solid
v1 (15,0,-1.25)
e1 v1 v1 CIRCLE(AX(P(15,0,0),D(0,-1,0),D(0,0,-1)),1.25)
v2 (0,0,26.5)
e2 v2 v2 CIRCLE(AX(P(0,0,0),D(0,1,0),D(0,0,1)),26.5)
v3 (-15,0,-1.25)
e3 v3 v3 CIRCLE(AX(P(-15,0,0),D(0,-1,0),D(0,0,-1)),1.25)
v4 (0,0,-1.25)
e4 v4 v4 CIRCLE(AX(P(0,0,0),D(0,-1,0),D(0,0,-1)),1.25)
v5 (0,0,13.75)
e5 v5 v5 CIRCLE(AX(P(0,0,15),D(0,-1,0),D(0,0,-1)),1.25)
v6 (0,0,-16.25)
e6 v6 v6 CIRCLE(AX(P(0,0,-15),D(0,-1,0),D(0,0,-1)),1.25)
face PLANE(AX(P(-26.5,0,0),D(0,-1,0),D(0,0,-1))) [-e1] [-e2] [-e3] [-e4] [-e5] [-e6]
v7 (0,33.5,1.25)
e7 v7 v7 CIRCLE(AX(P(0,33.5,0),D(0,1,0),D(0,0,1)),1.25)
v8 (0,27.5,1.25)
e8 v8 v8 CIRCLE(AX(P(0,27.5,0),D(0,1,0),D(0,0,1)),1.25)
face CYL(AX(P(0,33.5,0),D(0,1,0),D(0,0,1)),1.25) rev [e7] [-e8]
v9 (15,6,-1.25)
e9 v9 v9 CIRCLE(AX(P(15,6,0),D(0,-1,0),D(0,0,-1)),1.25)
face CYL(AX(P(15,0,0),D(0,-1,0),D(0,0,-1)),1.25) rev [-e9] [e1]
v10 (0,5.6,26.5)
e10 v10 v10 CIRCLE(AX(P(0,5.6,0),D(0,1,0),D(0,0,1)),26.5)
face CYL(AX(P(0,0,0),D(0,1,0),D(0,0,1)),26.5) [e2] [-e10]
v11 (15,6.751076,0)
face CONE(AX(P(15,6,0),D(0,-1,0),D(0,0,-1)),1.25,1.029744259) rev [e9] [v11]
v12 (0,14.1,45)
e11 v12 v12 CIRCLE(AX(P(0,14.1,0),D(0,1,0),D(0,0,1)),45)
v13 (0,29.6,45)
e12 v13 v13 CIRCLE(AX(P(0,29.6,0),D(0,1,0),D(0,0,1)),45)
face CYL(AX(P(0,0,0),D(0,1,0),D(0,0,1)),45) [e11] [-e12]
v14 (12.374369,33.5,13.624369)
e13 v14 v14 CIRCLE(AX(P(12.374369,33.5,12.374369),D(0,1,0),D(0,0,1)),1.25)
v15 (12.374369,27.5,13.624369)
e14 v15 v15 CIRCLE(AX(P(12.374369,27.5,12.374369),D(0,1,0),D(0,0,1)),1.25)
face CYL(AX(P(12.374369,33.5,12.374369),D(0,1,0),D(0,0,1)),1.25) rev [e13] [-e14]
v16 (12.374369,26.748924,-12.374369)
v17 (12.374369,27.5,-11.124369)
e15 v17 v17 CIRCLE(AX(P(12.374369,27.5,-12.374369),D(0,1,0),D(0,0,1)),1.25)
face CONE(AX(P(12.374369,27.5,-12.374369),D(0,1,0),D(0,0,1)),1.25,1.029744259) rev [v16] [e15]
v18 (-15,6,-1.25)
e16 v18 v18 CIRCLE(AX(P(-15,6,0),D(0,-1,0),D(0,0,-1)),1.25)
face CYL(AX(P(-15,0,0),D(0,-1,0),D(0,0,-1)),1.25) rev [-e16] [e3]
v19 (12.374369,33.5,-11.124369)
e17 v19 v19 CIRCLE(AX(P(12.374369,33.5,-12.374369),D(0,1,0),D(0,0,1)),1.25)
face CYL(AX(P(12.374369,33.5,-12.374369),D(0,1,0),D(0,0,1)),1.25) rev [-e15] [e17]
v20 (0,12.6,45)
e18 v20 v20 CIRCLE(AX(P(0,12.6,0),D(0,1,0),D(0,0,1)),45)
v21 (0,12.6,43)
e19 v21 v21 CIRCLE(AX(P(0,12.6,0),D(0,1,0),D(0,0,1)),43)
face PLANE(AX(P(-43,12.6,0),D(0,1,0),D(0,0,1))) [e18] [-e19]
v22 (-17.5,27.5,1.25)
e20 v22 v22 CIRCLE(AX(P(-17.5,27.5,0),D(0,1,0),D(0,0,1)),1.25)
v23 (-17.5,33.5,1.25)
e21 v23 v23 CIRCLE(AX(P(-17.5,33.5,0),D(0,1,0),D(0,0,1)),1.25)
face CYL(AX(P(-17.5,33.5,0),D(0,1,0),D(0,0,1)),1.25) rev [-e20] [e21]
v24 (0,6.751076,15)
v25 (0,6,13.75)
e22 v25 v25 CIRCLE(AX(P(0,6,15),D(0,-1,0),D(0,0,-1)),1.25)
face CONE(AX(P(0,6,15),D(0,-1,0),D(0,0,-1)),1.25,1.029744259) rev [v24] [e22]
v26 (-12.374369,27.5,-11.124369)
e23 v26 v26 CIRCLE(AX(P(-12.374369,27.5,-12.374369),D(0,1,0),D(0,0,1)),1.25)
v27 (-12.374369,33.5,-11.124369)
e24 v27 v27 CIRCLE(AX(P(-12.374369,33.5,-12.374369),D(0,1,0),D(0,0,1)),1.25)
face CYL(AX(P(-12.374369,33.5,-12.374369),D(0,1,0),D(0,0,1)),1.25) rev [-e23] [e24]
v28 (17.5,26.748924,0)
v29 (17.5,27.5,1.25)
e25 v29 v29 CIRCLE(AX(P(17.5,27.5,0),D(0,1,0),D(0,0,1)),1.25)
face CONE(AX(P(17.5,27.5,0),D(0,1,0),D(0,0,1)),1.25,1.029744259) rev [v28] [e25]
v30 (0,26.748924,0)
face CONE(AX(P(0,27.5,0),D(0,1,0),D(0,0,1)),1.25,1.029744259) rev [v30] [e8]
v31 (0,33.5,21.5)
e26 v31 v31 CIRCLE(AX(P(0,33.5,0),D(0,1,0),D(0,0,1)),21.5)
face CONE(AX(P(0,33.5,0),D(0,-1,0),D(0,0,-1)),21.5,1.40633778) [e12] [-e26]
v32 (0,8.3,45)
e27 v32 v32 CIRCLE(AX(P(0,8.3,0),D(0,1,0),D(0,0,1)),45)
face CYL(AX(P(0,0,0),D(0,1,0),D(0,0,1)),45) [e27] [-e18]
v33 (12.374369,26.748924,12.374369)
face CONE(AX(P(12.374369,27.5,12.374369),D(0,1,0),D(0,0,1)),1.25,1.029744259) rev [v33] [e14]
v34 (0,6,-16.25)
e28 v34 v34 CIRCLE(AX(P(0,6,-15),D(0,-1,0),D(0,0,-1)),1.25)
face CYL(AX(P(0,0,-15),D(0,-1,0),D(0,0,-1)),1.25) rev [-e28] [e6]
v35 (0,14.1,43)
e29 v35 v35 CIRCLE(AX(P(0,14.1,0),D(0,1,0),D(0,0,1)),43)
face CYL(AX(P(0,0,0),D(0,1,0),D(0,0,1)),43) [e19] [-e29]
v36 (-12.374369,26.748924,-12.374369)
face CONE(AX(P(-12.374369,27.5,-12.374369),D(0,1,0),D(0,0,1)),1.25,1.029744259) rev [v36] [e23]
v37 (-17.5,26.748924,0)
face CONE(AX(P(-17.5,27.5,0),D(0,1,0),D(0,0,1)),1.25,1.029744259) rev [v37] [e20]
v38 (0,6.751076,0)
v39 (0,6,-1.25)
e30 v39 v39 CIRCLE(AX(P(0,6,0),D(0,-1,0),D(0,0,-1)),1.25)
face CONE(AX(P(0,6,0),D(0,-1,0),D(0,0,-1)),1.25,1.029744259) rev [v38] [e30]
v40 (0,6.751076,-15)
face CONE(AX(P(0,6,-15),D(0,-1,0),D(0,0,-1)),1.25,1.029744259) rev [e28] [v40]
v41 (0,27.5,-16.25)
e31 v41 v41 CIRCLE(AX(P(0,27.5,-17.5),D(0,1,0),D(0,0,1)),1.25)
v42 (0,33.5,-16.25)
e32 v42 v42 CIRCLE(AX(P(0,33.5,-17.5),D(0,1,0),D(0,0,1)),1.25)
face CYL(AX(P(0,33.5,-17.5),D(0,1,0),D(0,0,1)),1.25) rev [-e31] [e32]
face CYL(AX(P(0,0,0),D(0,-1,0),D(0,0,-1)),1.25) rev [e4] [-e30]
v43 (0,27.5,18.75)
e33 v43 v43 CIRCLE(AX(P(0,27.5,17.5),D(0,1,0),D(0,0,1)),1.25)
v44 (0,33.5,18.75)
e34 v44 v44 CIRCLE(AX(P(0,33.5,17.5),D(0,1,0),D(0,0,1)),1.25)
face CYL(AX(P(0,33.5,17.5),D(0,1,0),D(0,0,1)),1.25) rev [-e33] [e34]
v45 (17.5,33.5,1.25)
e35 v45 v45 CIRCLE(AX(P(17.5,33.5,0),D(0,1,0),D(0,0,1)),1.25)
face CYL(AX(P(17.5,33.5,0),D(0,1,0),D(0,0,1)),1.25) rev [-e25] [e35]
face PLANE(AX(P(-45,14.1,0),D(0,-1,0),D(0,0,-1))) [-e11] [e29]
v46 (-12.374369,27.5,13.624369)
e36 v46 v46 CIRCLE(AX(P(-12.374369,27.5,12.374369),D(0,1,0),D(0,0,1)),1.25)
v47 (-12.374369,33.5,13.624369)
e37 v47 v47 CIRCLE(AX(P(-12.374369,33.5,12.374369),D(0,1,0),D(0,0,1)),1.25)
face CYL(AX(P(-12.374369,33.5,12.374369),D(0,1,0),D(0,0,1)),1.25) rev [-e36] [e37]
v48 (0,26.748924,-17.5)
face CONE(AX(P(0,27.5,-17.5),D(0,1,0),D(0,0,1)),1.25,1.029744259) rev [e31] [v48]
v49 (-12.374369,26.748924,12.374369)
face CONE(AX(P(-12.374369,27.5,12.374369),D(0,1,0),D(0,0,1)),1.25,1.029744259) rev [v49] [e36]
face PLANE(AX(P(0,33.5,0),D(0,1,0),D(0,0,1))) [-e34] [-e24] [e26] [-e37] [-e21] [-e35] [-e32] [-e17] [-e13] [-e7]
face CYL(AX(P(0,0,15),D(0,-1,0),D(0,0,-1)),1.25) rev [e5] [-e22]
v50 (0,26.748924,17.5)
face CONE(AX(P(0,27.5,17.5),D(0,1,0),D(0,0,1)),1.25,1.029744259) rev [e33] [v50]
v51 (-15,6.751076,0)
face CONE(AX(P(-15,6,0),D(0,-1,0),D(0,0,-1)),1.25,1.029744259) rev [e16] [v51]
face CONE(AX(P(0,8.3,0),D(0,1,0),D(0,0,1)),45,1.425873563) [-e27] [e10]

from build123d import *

# Parameters (mm, degrees)
TAP_DRILL_FOR_M3X0_5_TAP1_D     = 2.5
TAP_DRILL_FOR_M3X0_5_TAP1_DEPTH = 6
TAP_DRILL_FOR_M3X0_5_TAP1_TIP   = 0.751075774
TAP_DRILL_FOR_M3X0_5_TAP2_D     = 2.5
TAP_DRILL_FOR_M3X0_5_TAP2_DEPTH = 6
TAP_DRILL_FOR_M3X0_5_TAP2_TIP   = 0.751075774


with BuildPart() as part:
    # Sketch1 → Revolve1 (revolve)
    with BuildSketch(Plane.XY):
        Polygon((0, 0), (0, 33.5), (-21.5, 33.5), (-45, 29.6), (-45, 14.1), (-43, 14.1), (-43, 12.6), (-45, 12.6), (-45, 8.3), (-26.5, 5.6), (-26.5, 0), align=None)
    revolve(axis=Axis((0, 0, 0), (0, -1, 0)))

    # Tap Drill for M3x0.5 Tap1
    with Locations(Plane(origin=(0, 33.5, 0), x_dir=(1, 0, 0), z_dir=(0, 1, 0))):
        with Locations((0, 17.5), (12.374368671, 12.374368671), (17.5, 0), (12.374368671, -12.374368671), (0, -17.5), (-12.374368671, -12.374368671), (-17.5, 0), (-12.374368671, 12.374368671), (0, 0)):
            Hole(TAP_DRILL_FOR_M3X0_5_TAP1_D / 2, depth=TAP_DRILL_FOR_M3X0_5_TAP1_DEPTH)
            with Locations((0, 0, -(TAP_DRILL_FOR_M3X0_5_TAP1_DEPTH + TAP_DRILL_FOR_M3X0_5_TAP1_TIP / 2))):  # 118° drill point
                Cone(0, TAP_DRILL_FOR_M3X0_5_TAP1_D / 2, TAP_DRILL_FOR_M3X0_5_TAP1_TIP, mode=Mode.SUBTRACT)

    # Tap Drill for M3x0.5 Tap2
    with Locations(Plane(origin=(0, 0, 0), x_dir=(-1, 0, 0), z_dir=(0, -1, 0))):
        with Locations((0, 15), (15, 0), (0, -15), (-15, 0), (0, 0)):
            Hole(TAP_DRILL_FOR_M3X0_5_TAP2_D / 2, depth=TAP_DRILL_FOR_M3X0_5_TAP2_DEPTH)
            with Locations((0, 0, -(TAP_DRILL_FOR_M3X0_5_TAP2_DEPTH + TAP_DRILL_FOR_M3X0_5_TAP2_TIP / 2))):  # 118° drill point
                Cone(0, TAP_DRILL_FOR_M3X0_5_TAP2_D / 2, TAP_DRILL_FOR_M3X0_5_TAP2_TIP, mode=Mode.SUBTRACT)


solid = part.part
